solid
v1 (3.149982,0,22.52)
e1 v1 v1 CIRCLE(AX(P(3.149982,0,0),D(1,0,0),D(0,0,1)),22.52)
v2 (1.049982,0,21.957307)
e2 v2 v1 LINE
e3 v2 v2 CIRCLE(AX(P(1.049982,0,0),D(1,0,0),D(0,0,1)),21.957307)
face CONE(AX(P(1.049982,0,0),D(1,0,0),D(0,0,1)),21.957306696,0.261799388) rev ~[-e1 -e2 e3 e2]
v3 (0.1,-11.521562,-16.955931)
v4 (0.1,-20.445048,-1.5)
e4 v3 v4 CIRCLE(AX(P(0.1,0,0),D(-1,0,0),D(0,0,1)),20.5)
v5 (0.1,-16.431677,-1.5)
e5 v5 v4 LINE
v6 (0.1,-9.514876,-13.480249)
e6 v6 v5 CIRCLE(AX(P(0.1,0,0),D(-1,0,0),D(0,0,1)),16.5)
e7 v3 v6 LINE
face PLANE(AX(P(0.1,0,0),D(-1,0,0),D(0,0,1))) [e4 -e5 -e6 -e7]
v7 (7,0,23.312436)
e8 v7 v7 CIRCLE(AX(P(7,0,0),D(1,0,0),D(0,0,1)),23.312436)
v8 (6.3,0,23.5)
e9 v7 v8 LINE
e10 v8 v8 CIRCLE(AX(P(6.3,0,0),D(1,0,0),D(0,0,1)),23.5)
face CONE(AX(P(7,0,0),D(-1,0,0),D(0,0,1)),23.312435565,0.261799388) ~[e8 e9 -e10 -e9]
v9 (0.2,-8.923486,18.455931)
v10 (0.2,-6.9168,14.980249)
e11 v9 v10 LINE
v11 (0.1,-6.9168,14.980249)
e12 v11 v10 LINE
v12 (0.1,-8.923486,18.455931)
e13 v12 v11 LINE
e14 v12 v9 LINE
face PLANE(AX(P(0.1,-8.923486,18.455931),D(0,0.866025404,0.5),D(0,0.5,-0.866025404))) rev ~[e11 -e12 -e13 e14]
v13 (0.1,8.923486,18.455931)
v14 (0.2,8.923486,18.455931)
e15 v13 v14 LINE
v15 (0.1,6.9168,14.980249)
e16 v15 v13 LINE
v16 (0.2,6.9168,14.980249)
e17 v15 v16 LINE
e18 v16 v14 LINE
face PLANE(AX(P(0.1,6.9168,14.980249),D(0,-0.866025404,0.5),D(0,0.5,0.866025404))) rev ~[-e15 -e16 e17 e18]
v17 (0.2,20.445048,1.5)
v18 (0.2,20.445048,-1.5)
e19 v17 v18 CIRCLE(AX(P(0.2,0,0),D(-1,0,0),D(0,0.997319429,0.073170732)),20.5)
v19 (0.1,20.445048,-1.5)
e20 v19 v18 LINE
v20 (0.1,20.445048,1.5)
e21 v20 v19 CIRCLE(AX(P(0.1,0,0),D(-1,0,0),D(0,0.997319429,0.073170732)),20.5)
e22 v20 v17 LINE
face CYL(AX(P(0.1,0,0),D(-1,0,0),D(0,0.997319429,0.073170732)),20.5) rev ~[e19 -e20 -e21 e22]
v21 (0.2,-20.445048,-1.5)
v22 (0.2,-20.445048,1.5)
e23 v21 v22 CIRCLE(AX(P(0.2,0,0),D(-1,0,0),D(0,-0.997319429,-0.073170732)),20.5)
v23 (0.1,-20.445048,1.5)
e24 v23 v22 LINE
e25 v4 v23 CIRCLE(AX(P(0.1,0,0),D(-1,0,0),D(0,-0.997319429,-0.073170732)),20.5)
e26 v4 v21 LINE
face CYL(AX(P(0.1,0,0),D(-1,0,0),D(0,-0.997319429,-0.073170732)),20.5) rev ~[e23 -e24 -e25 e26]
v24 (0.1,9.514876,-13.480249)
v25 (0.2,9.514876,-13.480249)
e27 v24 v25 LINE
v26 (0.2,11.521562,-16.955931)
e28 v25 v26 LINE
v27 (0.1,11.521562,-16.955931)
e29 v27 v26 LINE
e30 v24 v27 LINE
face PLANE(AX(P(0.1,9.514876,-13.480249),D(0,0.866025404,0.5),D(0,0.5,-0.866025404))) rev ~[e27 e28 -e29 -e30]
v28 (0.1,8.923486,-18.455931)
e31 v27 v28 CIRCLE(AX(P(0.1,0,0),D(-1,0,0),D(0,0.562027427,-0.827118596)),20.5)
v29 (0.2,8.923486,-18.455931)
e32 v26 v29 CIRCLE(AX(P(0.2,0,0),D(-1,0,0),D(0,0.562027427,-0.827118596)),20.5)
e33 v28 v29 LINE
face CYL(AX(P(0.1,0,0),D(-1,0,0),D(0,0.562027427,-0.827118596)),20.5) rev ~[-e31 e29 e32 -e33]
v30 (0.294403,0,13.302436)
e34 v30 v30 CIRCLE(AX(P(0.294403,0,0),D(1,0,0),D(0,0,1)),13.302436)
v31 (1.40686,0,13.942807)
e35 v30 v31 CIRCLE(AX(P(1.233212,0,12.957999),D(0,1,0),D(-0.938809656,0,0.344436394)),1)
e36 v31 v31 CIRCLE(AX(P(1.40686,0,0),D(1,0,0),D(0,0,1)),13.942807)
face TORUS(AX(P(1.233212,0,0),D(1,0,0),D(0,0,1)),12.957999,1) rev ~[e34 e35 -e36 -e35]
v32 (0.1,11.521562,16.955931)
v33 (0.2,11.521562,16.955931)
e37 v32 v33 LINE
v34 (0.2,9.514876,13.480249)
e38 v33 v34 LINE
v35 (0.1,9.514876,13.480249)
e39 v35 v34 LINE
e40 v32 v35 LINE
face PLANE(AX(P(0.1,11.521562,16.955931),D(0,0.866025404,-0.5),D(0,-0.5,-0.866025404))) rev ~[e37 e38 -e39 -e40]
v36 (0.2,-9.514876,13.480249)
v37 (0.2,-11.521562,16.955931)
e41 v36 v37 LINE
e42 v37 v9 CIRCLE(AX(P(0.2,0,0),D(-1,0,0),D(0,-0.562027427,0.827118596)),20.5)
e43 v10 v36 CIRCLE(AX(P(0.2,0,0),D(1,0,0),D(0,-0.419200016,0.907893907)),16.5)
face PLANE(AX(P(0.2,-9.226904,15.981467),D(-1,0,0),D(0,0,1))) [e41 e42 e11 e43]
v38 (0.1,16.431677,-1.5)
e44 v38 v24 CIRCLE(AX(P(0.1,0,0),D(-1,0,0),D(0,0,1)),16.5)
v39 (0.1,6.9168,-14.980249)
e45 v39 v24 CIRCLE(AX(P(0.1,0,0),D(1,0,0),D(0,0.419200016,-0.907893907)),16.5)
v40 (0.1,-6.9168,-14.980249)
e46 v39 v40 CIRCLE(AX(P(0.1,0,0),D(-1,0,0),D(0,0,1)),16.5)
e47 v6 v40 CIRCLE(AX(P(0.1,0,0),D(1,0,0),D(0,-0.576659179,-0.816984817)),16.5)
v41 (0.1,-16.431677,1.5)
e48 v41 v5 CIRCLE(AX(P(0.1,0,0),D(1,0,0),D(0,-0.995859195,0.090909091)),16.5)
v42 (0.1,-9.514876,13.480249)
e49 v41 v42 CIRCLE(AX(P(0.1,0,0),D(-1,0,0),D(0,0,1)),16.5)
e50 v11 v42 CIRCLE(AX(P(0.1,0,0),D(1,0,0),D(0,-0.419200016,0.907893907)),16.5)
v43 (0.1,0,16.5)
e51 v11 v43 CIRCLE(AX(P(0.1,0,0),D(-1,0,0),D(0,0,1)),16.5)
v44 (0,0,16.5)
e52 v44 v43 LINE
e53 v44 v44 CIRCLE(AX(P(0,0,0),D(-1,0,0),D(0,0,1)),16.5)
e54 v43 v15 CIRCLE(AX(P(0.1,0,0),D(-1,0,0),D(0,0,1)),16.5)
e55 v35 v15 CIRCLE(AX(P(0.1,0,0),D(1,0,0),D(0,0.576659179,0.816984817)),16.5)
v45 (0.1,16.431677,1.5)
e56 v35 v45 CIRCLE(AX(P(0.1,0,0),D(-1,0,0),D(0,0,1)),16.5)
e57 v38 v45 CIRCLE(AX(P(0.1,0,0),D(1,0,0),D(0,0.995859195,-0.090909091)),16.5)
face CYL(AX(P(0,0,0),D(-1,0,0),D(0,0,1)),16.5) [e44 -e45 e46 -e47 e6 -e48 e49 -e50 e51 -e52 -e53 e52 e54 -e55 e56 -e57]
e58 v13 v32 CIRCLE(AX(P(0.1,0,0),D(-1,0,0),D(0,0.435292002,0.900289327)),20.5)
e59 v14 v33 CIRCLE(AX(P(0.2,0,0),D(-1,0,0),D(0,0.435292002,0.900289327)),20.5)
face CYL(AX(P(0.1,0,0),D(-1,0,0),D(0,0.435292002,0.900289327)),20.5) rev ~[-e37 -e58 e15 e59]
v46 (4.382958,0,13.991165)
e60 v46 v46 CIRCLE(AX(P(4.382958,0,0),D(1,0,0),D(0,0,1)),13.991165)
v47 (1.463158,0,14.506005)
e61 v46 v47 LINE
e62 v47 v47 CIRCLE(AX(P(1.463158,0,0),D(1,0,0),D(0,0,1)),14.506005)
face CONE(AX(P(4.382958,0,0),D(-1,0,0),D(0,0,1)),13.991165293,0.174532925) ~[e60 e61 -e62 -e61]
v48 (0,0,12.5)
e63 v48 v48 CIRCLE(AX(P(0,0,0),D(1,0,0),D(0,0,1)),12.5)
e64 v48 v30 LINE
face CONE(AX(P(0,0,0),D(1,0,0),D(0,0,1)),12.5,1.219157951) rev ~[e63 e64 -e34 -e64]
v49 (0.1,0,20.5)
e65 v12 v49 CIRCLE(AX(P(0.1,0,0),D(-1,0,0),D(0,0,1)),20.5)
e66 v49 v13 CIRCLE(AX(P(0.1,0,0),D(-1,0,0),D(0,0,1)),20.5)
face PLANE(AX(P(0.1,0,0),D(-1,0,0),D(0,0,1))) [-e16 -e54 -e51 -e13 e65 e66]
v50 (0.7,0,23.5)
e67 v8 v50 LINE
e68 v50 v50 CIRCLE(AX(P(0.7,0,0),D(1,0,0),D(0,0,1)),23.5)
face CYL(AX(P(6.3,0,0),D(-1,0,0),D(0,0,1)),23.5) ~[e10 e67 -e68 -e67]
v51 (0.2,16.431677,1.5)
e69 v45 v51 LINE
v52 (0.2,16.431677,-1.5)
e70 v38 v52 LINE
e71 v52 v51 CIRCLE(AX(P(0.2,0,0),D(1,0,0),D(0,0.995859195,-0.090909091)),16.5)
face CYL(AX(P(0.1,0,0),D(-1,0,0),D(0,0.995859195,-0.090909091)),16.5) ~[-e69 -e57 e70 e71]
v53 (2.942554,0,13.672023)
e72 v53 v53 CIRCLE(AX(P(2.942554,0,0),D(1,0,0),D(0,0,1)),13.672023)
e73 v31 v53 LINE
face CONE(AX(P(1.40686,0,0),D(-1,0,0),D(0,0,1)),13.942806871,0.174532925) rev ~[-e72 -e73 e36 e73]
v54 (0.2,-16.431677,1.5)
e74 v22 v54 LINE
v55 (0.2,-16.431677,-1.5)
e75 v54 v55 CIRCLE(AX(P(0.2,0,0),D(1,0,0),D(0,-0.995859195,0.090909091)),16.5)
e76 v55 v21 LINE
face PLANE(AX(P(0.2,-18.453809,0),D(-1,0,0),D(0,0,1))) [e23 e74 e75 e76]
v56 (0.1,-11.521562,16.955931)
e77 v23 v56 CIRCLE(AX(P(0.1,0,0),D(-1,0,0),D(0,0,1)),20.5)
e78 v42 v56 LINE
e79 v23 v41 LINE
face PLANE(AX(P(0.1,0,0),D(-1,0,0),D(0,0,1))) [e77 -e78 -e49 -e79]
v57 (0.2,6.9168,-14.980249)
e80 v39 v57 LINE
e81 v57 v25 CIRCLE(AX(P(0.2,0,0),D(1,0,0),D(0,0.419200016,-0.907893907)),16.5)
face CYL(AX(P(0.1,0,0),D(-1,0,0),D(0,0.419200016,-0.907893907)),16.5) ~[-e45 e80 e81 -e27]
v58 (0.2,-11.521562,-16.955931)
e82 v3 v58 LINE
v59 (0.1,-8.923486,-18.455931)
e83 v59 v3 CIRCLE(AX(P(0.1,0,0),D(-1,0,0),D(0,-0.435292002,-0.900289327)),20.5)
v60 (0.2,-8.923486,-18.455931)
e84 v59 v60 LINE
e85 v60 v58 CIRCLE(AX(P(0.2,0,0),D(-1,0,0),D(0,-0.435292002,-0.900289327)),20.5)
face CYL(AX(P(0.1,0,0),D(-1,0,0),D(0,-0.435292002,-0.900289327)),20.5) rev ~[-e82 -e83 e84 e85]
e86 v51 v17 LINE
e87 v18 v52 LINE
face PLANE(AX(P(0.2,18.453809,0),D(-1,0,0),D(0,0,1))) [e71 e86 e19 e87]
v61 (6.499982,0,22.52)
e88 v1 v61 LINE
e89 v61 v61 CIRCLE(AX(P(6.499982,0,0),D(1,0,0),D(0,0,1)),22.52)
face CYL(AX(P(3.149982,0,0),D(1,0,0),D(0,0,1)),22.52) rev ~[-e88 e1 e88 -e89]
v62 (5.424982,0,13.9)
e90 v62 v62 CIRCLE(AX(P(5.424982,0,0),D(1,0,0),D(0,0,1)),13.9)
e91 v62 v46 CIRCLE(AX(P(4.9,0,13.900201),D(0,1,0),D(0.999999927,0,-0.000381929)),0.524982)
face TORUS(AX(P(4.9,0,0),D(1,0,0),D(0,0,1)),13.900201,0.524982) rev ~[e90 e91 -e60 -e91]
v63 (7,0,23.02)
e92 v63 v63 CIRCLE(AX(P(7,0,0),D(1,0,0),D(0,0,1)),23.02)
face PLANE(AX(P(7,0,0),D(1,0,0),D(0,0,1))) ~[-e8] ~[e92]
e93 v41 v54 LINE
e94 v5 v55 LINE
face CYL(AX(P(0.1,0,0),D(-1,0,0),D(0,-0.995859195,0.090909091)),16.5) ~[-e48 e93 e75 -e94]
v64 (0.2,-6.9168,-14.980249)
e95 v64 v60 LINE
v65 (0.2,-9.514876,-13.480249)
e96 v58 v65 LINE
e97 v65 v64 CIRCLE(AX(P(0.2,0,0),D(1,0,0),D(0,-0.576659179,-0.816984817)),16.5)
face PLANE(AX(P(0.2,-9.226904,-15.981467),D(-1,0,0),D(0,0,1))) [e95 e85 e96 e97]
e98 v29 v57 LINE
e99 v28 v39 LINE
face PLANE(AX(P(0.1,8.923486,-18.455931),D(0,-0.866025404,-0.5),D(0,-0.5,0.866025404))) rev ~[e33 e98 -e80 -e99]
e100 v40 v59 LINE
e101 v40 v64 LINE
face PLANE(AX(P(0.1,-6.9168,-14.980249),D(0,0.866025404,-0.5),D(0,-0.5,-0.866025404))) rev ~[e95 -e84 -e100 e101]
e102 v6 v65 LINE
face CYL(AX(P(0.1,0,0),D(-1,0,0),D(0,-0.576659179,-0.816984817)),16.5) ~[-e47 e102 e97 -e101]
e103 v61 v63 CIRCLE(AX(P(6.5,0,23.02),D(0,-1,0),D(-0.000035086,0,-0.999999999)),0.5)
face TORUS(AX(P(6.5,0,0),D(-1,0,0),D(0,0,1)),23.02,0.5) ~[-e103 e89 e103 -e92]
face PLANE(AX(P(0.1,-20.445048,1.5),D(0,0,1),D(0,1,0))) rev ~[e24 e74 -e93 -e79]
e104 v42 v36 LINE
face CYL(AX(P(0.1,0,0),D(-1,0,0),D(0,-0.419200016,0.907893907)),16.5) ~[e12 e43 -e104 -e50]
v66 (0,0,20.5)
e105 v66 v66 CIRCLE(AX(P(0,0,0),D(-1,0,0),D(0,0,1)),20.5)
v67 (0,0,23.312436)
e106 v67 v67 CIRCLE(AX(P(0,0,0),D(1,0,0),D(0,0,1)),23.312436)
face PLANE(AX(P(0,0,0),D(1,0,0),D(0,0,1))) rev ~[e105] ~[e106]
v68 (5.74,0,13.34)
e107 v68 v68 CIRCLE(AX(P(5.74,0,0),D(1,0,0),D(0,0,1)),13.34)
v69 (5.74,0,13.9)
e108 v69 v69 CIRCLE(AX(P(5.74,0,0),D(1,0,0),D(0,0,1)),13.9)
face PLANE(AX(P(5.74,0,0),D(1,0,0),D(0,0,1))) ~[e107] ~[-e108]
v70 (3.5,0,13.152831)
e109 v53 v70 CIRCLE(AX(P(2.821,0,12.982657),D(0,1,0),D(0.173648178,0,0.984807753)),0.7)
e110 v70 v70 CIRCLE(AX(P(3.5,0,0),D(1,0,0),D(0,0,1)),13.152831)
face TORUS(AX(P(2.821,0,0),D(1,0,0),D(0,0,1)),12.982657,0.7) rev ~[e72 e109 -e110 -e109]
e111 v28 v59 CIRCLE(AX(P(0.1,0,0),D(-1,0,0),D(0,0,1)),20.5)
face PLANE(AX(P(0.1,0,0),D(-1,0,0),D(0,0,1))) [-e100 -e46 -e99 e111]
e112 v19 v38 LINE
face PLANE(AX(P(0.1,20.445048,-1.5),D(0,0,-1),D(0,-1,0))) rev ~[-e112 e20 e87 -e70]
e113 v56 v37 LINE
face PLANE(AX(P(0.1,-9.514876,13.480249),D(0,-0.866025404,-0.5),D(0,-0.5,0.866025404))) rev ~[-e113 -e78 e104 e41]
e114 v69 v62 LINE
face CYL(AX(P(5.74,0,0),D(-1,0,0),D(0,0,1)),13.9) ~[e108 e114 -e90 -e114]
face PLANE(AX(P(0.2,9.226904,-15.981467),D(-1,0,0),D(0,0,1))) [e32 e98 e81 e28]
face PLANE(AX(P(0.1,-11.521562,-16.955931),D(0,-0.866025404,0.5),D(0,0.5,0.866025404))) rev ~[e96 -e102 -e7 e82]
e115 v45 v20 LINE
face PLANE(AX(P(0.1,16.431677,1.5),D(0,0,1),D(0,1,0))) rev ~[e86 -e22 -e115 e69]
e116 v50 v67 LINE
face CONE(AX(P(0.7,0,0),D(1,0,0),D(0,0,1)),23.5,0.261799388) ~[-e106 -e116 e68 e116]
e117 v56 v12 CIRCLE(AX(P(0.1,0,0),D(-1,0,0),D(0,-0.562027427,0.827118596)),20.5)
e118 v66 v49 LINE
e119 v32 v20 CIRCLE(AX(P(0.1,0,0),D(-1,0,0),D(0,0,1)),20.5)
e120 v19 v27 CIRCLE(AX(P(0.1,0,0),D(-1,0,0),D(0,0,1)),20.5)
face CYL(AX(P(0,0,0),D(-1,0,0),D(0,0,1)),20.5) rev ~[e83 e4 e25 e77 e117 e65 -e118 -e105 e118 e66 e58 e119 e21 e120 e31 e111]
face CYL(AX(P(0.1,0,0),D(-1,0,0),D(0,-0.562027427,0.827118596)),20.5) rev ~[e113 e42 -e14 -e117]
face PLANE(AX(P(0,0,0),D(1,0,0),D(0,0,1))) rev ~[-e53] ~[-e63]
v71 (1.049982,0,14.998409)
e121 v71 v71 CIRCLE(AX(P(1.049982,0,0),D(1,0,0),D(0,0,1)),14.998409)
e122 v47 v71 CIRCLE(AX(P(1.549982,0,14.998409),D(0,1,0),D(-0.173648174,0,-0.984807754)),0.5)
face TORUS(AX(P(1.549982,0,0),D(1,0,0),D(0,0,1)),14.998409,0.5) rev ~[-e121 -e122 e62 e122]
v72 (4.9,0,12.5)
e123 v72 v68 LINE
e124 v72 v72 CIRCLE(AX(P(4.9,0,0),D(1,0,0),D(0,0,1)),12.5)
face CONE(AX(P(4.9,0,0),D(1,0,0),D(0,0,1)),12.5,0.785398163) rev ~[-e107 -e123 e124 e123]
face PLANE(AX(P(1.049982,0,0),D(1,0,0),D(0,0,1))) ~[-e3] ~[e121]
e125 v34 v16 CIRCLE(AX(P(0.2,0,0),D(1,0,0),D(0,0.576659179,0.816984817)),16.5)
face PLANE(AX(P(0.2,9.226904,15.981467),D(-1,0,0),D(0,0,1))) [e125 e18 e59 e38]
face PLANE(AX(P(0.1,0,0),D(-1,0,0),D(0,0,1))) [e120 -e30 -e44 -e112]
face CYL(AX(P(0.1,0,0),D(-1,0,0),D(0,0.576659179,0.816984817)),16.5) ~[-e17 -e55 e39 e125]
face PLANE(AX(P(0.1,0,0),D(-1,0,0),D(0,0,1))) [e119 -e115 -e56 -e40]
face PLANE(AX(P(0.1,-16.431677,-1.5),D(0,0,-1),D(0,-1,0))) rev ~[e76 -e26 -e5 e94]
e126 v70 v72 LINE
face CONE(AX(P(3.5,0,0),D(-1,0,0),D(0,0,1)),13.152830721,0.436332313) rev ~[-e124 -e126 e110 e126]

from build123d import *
from build123d.topology import SkipClean

# Parameters (mm, degrees)
SKICA2_R                 = 20.5
SKICA2_R_2               = 16.5
ODEBRAT_VYSUNUT_M1_DEPTH = 0.1
ODEBRAT_VYSUNUT_M2_DEPTH = 0.1


with BuildPart() as part:
    # Skica1 → Rotovat1 (revolve)
    with BuildSketch(Plane(origin=(0, 0, 0), x_dir=(1, 0, 0), z_dir=(0, 1, 0)), mode=Mode.PRIVATE) as rotovat1_sk:
        with BuildLine():
            Line((7, 23.312435565), (6.3, 23.5))
            Line((6.3, 23.5), (0.7, 23.5))
            Line((0.7, 23.5), (0, 23.312435565))
            Line((0, 23.312435565), (0, 14.610424137))
            Line((0, 14.610424137), (0, 12.5))
            Line((0, 12.5), (0.294402587, 13.30243551))
            ThreePointArc((0.294402587, 13.30243551), (0.734326594, 13.824666936), (1.406860422, 13.942806871))
            Line((1.406860422, 13.942806871), (2.942553724, 13.672022708))
            ThreePointArc((2.942553724, 13.672022708), (3.298086623, 13.494895852), (3.5, 13.152830721))
            Line((3.5, 13.152830721), (4.9, 12.5))
            Line((4.9, 12.5), (5.74, 13.34))
            Line((5.74, 13.34), (5.74, 13.9))
            Line((5.74, 13.9), (5.424982458, 13.9))
            ThreePointArc((5.424982458, 13.9), (4.854244761, 13.377215727), (4.382958388, 13.991165293))
            Line((4.382958388, 13.991165293), (1.463158369, 14.506004815))
            ThreePointArc((1.463158369, 14.506004815), (1.166960236, 14.677014886), (1.049982458, 14.998408691))
            Line((1.049982458, 14.998408691), (1.049982458, 21.957306696))
            Line((1.049982458, 21.957306696), (3.149982458, 22.52))
            Line((3.149982458, 22.52), (6.499982458, 22.52))
            ThreePointArc((6.499982458, 22.52), (6.853547189, 22.666440407), (7, 23.02))
            Line((7, 23.02), (7, 23.312435565))
        make_face()
    revolve(rotovat1_sk.sketch.rotate(Axis((0, 0, 0), (1, 0, 0)), 180), axis=Axis((0, 0, 0), (1, 0, 0)))

    # Skica2 → Odebrat vysunutím1 (cut)
    with BuildSketch(Plane.ZY):
        Circle(SKICA2_R)
        Circle(SKICA2_R_2, mode=Mode.SUBTRACT)
    extrude(amount=-ODEBRAT_VYSUNUT_M1_DEPTH, mode=Mode.SUBTRACT)

    # Skica3 → Odebrat vysunutím2 (cut)
    with SkipClean():  # the faces are left unmerged after this step: merging them gives an invalid solid
        with BuildSketch(Plane.ZY.offset(-0.1)):
            with BuildLine():
                Line((16.95593121, 11.521562256), (13.480249471, 9.514876468))
                ThreePointArc((13.480249471, 9.514876468), (14.289419162, 8.25), (14.980249471, 6.916800257))
                Line((14.980249471, 6.916800257), (18.45593121, 8.923486044))
                ThreePointArc((18.45593121, 8.923486044), (17.753520778, 10.25), (16.95593121, 11.521562256))
            make_face()
            with BuildLine():
                Line((-1.5, 20.4450483), (-1.5, 16.431676725))
                ThreePointArc((-1.5, 16.431676725), (0, 16.5), (1.5, 16.431676725))
                Line((1.5, 16.431676725), (1.5, 20.4450483))
                ThreePointArc((1.5, 20.4450483), (0, 20.5), (-1.5, 20.4450483))
            make_face()
            with BuildLine():
                Line((18.45593121, -8.923486044), (14.980249471, -6.916800257))
                ThreePointArc((14.980249471, -6.916800257), (14.289419162, -8.25), (13.480249471, -9.514876468))
                Line((13.480249471, -9.514876468), (16.95593121, -11.521562256))
                ThreePointArc((16.95593121, -11.521562256), (17.753520778, -10.25), (18.45593121, -8.923486044))
            make_face()
            with BuildLine():
                Line((1.5, -20.4450483), (1.5, -16.431676725))
                ThreePointArc((1.5, -16.431676725), (0, -16.5), (-1.5, -16.431676725))
                Line((-1.5, -16.431676725), (-1.5, -20.4450483))
                ThreePointArc((-1.5, -20.4450483), (0, -20.5), (1.5, -20.4450483))
            make_face()
            with BuildLine():
                Line((-16.95593121, -11.521562256), (-13.480249471, -9.514876468))
                ThreePointArc((-13.480249471, -9.514876468), (-14.289419162, -8.25), (-14.980249471, -6.916800257))
                Line((-14.980249471, -6.916800257), (-18.45593121, -8.923486044))
                ThreePointArc((-18.45593121, -8.923486044), (-17.753520778, -10.25), (-16.95593121, -11.521562256))
            make_face()
            with BuildLine():
                Line((-18.45593121, 8.923486044), (-14.980249471, 6.916800257))
                ThreePointArc((-14.980249471, 6.916800257), (-14.289419162, 8.25), (-13.480249471, 9.514876468))
                Line((-13.480249471, 9.514876468), (-16.95593121, 11.521562256))
                ThreePointArc((-16.95593121, 11.521562256), (-17.753520778, 10.25), (-18.45593121, 8.923486044))
            make_face()
        extrude(amount=-ODEBRAT_VYSUNUT_M2_DEPTH, mode=Mode.SUBTRACT)


solid = part.part
